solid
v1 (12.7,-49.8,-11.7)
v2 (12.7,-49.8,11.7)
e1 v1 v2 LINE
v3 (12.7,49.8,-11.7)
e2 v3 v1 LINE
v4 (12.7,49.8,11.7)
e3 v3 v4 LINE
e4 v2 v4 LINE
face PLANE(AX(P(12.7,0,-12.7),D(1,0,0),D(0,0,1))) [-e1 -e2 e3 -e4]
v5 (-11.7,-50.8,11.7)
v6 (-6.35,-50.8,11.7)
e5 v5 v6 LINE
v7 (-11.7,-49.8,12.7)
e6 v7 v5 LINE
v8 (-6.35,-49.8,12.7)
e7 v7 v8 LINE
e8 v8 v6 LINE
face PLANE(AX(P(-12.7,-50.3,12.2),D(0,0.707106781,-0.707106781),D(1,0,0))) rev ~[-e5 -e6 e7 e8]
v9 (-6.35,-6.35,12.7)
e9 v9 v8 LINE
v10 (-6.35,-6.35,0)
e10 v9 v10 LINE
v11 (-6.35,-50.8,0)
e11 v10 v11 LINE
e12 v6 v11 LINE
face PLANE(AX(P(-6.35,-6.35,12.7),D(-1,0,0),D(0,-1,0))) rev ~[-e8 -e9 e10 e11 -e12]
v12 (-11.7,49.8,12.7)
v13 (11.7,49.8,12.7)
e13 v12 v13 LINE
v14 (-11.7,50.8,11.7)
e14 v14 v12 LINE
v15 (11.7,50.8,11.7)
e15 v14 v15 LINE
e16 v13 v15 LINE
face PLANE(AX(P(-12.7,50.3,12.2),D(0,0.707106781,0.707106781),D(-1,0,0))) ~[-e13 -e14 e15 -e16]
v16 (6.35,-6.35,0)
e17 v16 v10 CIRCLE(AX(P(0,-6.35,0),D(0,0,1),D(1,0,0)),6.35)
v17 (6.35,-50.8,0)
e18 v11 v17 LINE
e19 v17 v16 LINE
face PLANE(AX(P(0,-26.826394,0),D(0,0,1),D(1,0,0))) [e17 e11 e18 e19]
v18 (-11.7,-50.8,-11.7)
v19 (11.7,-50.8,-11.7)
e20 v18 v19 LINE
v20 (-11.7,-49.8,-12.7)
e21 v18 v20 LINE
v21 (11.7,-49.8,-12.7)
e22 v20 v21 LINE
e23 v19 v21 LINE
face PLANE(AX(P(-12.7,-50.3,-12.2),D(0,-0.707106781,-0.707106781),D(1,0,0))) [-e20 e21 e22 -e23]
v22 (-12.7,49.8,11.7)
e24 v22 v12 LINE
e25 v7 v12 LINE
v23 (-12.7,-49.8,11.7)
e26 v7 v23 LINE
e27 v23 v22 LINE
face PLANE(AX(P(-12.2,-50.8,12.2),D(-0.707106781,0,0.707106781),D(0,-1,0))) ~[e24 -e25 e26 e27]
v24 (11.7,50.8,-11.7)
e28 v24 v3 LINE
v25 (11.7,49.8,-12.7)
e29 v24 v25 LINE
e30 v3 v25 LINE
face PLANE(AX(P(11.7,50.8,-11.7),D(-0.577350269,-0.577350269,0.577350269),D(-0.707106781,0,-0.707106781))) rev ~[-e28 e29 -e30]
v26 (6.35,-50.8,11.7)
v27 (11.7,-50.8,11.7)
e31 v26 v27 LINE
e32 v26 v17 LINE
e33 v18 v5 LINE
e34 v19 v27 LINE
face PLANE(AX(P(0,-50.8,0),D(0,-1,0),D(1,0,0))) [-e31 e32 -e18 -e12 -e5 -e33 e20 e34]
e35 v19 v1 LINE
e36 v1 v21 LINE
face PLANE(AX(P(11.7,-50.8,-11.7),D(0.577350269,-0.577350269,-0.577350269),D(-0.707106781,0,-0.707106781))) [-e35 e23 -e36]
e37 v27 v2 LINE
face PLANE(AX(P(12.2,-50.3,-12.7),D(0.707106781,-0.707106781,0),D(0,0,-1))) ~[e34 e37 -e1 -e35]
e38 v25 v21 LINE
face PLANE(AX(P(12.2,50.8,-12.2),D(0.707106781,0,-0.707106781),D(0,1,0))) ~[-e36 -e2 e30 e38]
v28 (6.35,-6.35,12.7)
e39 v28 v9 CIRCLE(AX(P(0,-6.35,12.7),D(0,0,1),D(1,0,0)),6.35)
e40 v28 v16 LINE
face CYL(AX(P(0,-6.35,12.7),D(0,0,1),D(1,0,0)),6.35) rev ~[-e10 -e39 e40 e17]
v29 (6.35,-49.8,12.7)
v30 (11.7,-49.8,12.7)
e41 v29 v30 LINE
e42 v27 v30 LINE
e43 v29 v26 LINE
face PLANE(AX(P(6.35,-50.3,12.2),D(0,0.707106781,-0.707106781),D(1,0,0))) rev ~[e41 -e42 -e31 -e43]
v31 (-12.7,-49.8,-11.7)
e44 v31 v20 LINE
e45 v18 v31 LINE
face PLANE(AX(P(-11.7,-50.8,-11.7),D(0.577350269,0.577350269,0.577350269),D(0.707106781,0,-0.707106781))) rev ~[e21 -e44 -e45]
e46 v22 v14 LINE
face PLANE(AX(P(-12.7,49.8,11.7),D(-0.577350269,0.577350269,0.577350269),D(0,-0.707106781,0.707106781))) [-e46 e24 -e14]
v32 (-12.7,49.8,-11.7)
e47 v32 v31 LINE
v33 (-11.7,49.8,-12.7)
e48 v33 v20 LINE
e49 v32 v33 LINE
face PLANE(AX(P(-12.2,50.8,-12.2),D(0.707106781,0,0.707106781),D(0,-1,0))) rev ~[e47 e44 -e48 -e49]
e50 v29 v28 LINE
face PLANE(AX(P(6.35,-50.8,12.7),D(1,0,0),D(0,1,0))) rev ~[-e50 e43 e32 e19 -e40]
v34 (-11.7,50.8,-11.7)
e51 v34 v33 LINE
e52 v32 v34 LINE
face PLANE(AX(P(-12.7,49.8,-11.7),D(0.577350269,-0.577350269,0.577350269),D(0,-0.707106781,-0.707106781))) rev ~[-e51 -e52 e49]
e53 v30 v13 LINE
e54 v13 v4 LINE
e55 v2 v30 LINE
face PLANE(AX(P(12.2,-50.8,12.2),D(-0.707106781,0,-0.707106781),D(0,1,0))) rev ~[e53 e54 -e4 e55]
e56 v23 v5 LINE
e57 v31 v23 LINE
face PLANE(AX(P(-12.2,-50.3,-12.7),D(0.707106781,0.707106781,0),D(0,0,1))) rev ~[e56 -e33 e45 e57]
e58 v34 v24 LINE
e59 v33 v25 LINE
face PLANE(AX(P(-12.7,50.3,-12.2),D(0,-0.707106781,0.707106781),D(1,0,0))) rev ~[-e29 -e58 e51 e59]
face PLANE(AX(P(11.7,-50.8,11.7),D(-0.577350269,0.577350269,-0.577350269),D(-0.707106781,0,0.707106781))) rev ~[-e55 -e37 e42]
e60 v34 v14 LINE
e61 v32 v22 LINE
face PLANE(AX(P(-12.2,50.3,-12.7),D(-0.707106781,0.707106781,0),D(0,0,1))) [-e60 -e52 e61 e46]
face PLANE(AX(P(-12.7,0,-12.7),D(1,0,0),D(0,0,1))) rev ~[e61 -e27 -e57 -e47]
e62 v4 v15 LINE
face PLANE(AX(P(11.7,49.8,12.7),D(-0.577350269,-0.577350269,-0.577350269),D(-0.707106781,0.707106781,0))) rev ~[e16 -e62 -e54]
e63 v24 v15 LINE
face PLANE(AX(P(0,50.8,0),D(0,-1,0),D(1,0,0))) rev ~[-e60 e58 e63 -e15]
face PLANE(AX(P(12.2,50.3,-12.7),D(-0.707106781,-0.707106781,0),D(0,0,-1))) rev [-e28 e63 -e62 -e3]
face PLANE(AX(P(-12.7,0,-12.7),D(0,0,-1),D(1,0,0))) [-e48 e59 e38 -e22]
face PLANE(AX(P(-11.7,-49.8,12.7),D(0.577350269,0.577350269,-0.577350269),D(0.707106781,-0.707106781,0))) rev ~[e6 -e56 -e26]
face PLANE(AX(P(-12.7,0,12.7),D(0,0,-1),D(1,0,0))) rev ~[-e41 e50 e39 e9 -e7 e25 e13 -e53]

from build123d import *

# Parameters (mm, degrees)
F0_W     = 25.4
F0_H     = 25.4
F1_DEPTH = 50.8
F3_DEPTH = 12.7
F4_SIZE  = 1


with BuildPart() as f1:
    # F0 (on Front) → F1 (new body, symmetric)
    with BuildSketch(Plane.XZ):
        Rectangle(F0_W, F0_H)
    extrude(amount=F1_DEPTH, both=True)

    # F2 (on face) → F3 (cut)
    with BuildSketch(Plane.XY.offset(12.7)):
        with BuildLine():
            Line((-6.35, -6.35), (-6.35, -50.8))
            Line((-6.35, -50.8), (6.35, -50.8))
            Line((6.35, -50.8), (6.35, -6.35))
            ThreePointArc((6.35, -6.35), (0, 0), (-6.35, -6.35))
        make_face()
    extrude(amount=-F3_DEPTH, mode=Mode.SUBTRACT)

    # F4
    f4_edges = [f1.edges().sort_by_distance(p)[0] for p in [
        (12.7, 0, -12.7),
        (12.7, 50.8, 0),
        (12.7, 0, 12.7),
        (12.7, -50.8, 0),
        (0, 50.8, -12.7),
        (0, 50.8, 12.7),
        (-12.7, 50.8, 0),
        (-12.7, 0, -12.7),
        (-12.7, -50.8, 0),
        (-12.7, 0, 12.7),
        (0, -50.8, -12.7),
        (-9.525, -50.8, 12.7),
        (9.525, -50.8, 12.7),
    ]]
    chamfer(f4_edges, length=F4_SIZE)


solid = f1.part
